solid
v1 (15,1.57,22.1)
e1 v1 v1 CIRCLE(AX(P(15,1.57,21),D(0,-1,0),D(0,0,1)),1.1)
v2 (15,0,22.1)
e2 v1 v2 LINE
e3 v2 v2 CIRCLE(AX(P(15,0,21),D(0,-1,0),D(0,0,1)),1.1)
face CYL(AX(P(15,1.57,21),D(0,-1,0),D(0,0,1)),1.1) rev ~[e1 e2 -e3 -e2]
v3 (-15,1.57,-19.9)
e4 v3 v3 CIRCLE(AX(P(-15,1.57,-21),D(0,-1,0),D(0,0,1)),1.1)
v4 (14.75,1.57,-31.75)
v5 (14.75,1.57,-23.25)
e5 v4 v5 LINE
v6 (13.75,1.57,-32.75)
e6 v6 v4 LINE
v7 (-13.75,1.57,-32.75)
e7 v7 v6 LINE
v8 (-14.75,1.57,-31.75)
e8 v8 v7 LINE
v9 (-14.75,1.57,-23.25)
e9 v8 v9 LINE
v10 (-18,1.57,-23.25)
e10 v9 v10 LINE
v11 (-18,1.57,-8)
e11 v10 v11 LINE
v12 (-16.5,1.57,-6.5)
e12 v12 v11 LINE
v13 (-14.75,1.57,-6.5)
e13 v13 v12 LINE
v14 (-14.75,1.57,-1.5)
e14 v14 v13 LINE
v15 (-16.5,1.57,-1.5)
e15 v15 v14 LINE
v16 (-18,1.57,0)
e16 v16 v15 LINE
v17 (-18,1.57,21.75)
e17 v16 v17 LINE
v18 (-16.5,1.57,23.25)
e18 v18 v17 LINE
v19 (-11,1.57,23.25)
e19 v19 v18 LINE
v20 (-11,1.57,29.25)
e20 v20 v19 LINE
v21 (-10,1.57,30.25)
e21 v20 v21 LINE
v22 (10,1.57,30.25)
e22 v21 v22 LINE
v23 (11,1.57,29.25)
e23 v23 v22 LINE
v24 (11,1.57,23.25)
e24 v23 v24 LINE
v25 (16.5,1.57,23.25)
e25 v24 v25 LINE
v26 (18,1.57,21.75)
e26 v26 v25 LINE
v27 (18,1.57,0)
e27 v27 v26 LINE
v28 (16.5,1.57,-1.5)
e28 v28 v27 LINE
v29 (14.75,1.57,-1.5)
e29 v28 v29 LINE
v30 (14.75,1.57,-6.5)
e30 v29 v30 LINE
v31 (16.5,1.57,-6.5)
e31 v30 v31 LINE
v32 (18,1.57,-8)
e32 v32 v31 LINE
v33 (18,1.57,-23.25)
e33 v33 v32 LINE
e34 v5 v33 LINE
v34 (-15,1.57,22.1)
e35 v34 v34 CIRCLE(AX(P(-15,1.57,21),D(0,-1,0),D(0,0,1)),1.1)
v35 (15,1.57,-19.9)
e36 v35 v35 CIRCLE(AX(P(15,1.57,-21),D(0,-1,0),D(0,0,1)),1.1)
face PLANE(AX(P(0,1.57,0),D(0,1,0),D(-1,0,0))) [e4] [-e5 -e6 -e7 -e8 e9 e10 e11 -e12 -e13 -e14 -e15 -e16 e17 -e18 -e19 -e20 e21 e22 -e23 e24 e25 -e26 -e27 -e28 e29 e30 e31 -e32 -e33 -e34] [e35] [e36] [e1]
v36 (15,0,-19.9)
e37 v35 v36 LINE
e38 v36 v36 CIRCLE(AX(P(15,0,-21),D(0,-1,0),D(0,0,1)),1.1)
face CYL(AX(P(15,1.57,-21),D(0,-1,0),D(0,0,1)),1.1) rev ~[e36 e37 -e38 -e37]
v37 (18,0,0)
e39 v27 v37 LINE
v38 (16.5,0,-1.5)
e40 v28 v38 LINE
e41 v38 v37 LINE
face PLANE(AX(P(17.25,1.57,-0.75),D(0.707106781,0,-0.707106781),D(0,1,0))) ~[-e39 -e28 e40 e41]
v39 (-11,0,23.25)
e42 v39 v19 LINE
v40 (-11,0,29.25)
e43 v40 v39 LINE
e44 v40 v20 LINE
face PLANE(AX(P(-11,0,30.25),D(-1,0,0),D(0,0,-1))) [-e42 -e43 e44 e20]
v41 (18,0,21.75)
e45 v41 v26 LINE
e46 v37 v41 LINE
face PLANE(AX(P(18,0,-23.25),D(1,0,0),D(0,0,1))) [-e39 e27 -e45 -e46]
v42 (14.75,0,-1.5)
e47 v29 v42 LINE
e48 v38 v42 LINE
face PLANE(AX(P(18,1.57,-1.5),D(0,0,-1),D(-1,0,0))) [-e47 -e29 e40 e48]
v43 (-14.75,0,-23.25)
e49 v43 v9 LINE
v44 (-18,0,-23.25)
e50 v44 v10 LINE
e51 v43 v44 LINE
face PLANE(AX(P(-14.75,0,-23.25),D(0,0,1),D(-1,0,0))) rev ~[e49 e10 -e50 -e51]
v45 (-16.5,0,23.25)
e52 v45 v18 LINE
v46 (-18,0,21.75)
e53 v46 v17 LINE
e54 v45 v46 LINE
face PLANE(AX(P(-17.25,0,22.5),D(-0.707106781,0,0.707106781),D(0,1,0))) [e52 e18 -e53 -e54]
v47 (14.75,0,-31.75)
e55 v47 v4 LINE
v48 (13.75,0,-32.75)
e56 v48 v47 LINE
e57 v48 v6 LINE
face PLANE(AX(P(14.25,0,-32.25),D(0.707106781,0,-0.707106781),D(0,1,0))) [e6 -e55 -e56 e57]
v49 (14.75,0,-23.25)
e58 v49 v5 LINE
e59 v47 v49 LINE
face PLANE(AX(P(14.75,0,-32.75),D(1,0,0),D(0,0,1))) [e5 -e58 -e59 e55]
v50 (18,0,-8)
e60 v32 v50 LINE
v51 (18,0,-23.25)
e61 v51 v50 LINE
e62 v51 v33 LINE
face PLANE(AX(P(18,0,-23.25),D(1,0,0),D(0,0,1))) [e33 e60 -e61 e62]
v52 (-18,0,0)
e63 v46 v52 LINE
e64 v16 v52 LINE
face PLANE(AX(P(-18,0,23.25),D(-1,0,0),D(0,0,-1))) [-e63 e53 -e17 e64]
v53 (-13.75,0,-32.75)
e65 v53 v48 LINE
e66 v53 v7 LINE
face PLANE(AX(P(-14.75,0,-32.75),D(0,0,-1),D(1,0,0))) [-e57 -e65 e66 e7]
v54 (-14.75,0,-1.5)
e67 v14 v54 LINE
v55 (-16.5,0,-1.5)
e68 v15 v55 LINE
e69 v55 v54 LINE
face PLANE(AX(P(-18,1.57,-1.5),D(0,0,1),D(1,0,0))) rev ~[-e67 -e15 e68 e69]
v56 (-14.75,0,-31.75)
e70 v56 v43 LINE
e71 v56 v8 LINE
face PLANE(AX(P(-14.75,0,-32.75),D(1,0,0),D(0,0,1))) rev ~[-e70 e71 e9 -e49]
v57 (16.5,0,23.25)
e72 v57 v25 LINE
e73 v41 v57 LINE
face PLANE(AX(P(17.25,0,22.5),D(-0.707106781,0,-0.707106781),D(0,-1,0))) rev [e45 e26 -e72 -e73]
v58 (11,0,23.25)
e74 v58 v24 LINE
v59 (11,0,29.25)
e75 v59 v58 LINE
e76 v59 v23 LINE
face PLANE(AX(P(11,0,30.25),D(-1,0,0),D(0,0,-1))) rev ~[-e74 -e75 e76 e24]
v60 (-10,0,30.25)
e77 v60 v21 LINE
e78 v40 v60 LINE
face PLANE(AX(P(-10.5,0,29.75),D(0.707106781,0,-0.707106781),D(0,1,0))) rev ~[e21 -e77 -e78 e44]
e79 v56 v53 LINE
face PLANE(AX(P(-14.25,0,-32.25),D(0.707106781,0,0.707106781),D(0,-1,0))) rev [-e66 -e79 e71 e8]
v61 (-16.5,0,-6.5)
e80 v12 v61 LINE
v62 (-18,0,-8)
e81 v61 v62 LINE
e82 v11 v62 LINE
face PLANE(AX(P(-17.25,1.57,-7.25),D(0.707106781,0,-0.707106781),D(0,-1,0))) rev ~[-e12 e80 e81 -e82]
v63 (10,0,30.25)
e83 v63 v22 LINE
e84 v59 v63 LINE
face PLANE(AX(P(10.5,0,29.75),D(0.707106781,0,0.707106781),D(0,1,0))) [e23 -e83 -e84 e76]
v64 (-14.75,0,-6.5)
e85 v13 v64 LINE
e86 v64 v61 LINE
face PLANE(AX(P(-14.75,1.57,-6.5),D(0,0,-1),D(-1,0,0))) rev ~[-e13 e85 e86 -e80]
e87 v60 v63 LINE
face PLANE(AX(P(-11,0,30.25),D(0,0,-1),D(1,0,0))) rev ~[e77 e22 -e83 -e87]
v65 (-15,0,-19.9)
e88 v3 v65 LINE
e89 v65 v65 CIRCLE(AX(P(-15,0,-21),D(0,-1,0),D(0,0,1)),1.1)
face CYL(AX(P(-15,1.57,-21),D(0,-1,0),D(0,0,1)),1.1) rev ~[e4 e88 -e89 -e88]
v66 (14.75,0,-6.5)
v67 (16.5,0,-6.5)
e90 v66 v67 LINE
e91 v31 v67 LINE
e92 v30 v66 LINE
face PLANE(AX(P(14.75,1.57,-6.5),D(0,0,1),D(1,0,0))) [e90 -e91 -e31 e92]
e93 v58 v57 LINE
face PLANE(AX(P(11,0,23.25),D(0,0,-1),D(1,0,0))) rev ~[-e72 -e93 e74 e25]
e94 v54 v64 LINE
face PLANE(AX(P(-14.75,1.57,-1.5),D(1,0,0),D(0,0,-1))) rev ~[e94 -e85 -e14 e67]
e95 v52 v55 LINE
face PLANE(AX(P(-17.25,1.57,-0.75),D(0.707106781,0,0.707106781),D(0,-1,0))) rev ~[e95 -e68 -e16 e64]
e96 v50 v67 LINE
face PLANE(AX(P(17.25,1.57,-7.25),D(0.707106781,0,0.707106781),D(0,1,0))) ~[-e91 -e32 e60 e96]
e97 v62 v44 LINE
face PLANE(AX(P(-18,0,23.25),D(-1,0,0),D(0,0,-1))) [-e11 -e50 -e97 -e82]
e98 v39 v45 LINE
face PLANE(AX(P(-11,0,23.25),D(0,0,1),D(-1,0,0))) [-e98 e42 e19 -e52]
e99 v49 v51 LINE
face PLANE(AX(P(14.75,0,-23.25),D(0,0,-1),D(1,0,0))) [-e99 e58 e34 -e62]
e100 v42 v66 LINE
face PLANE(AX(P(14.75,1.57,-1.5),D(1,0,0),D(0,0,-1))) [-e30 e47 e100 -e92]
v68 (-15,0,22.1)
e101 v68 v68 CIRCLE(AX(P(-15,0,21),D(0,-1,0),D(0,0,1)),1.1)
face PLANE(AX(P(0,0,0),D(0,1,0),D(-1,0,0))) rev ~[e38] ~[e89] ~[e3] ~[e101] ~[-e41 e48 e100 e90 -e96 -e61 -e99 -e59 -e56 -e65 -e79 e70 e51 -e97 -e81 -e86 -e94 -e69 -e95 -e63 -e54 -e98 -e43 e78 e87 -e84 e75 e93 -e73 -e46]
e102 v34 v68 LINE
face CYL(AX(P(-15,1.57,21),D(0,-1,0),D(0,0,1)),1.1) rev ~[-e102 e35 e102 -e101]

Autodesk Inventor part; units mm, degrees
ref_plane "YZ Plane" through (0, 0, 0) normal (1, 0, 0) x (0, 1, 0)
ref_plane "XZ Plane" through (0, 0, 0) normal (0, 1, 0) x (-1, 0, 0)
ref_plane "XY Plane" through (0, 0, 0) normal (0, 0, 1) x (1, 0, 0)
sketch "Sketch1" plane through (0, 0, 0) normal (0, 1, 0) x (-1, 0, 0)
  line L0 (18, 30.25) -> (-18, 30.25) construction
  line L1 (-18, 30.25) -> (-18, -32.75) construction
  line L2 (-18, -32.75) -> (18, -32.75) construction
  line L3 (18, -32.75) -> (18, 30.25) construction
  line L4 (11, 30.25) -> (-11, 30.25)
  line L5 (11, 30.25) -> (11, 23.25)
  line L6 (11, 23.25) -> (18, 23.25)
  line L7 (14.75, -32.75) -> (-14.75, -32.75)
  line L8 (14.75, -32.75) -> (14.75, -23.25)
  line L9 (14.75, -23.25) -> (18, -23.25)
  line L10 (14.75, 0) -> (18, 0)
  line L11 (-11, 30.25) -> (-11, 23.25)
  line L12 (-11, 23.25) -> (-18, 23.25)
  line L13 (-14.75, -32.75) -> (-14.75, -23.25)
  line L14 (-14.75, -23.25) -> (-18, -23.25)
  line L15 (18, 23.25) -> (18, -23.25)
  line L16 (-18, -23.25) -> (-18, 23.25)
  point P0 (0, 0)
  point P1 (0, 30.25)
  point P2 (0, -32.75)
  point P3 (-18, -6.9939)
  point P4 (18, 0)
  dimension "d0" = 36
  dimension "d1" = 63
  dimension "d2" = 22
  dimension "d3" = 7
  dimension "d4" = 29.5
  dimension "d5" = 9.5
  dimension "d10" = 7
  dimension "d11" = 9.5
extrude "Extrusion1" add sketch "Sketch1" along normal blind 1.57
chamfer "Chamfer2" distance 1 angle 45 4 edges at (11, 0.785, 30.25) (-11, 0.785, 30.25) (14.75, 0.785, -32.75) (-14.75, 0.785, -32.75)
sketch "Sketch2" plane through (0, 1.57, 0) normal (0, 1, 0) x (1, 0, 0)
  line L0 (-18, -23.25) -> (-11, -23.25) projected
  line L1 (-18, 23.25) -> (-18, -23.25) projected
  point P0 (0, 0)
  point P1 (15, -21)
  point P2 (15, 21)
  point P3 (-15, -21)
  point P4 (-15, 21)
  dimension "d20" = 42
  dimension "d21" = 42
  dimension "d22" = 30
  dimension "d28" = 2.25
  dimension "d36" = 3
hole "Hole1" at (15, 1.57, 21) at (15, 1.57, -21) at (-15, 1.57, 21) at (-15, 1.57, -21) direction (0, -1, 0) diameter 2.2 end through all clearance for "Flat Head Machine Screw" size "M2" standard "Ansi Metric M Profile"
sketch "Sketch3" plane through (0, 1.57, 0) normal (0, 1, 0) x (1, 0, 0)
  line L0 (-18, 1.5) -> (-14.75, 1.5)
  line L1 (-14.75, 1.5) -> (-14.75, 6.5)
  line L2 (-14.75, 6.5) -> (-18, 6.5)
  line L3 (-18, 23.25) -> (-18, -23.25) projected
  circle A0 centre (-15, 21) radius 1.1 projected
  line L4 (0, 0) -> (0, 8.9759) construction
  line L5 (18, 1.5) -> (14.75, 1.5)
  line L6 (14.75, 1.5) -> (14.75, 6.5)
  line L7 (14.75, 6.5) -> (18, 6.5)
  line L8 (18, 23.25) -> (18, -21.75)
  point P0 (-18, -21.75)
  point P1 (-14.75, 4)
  dimension "d37" = 5
  dimension "d38" = 3.25
  dimension "d39" = 3.25
  dimension "d40" = 17
extrude "Extrusion2" cut sketch "Sketch3" against normal through all contours L3 L2 L1 L0 | L5 L6 L7 L8
chamfer "Chamfer3" distance 1.5 angle 45 6 edges at (-18, 0.785, 23.25) (18, 0.785, 23.25) (18, 0.785, -1.5) (18, 0.785, -6.5) (-18, 0.785, -1.5) (-18, 0.785, -6.5)
equation "\"d21\" = d20"
equation "\"d39\" = d38"
properties part number "LFRboard"
